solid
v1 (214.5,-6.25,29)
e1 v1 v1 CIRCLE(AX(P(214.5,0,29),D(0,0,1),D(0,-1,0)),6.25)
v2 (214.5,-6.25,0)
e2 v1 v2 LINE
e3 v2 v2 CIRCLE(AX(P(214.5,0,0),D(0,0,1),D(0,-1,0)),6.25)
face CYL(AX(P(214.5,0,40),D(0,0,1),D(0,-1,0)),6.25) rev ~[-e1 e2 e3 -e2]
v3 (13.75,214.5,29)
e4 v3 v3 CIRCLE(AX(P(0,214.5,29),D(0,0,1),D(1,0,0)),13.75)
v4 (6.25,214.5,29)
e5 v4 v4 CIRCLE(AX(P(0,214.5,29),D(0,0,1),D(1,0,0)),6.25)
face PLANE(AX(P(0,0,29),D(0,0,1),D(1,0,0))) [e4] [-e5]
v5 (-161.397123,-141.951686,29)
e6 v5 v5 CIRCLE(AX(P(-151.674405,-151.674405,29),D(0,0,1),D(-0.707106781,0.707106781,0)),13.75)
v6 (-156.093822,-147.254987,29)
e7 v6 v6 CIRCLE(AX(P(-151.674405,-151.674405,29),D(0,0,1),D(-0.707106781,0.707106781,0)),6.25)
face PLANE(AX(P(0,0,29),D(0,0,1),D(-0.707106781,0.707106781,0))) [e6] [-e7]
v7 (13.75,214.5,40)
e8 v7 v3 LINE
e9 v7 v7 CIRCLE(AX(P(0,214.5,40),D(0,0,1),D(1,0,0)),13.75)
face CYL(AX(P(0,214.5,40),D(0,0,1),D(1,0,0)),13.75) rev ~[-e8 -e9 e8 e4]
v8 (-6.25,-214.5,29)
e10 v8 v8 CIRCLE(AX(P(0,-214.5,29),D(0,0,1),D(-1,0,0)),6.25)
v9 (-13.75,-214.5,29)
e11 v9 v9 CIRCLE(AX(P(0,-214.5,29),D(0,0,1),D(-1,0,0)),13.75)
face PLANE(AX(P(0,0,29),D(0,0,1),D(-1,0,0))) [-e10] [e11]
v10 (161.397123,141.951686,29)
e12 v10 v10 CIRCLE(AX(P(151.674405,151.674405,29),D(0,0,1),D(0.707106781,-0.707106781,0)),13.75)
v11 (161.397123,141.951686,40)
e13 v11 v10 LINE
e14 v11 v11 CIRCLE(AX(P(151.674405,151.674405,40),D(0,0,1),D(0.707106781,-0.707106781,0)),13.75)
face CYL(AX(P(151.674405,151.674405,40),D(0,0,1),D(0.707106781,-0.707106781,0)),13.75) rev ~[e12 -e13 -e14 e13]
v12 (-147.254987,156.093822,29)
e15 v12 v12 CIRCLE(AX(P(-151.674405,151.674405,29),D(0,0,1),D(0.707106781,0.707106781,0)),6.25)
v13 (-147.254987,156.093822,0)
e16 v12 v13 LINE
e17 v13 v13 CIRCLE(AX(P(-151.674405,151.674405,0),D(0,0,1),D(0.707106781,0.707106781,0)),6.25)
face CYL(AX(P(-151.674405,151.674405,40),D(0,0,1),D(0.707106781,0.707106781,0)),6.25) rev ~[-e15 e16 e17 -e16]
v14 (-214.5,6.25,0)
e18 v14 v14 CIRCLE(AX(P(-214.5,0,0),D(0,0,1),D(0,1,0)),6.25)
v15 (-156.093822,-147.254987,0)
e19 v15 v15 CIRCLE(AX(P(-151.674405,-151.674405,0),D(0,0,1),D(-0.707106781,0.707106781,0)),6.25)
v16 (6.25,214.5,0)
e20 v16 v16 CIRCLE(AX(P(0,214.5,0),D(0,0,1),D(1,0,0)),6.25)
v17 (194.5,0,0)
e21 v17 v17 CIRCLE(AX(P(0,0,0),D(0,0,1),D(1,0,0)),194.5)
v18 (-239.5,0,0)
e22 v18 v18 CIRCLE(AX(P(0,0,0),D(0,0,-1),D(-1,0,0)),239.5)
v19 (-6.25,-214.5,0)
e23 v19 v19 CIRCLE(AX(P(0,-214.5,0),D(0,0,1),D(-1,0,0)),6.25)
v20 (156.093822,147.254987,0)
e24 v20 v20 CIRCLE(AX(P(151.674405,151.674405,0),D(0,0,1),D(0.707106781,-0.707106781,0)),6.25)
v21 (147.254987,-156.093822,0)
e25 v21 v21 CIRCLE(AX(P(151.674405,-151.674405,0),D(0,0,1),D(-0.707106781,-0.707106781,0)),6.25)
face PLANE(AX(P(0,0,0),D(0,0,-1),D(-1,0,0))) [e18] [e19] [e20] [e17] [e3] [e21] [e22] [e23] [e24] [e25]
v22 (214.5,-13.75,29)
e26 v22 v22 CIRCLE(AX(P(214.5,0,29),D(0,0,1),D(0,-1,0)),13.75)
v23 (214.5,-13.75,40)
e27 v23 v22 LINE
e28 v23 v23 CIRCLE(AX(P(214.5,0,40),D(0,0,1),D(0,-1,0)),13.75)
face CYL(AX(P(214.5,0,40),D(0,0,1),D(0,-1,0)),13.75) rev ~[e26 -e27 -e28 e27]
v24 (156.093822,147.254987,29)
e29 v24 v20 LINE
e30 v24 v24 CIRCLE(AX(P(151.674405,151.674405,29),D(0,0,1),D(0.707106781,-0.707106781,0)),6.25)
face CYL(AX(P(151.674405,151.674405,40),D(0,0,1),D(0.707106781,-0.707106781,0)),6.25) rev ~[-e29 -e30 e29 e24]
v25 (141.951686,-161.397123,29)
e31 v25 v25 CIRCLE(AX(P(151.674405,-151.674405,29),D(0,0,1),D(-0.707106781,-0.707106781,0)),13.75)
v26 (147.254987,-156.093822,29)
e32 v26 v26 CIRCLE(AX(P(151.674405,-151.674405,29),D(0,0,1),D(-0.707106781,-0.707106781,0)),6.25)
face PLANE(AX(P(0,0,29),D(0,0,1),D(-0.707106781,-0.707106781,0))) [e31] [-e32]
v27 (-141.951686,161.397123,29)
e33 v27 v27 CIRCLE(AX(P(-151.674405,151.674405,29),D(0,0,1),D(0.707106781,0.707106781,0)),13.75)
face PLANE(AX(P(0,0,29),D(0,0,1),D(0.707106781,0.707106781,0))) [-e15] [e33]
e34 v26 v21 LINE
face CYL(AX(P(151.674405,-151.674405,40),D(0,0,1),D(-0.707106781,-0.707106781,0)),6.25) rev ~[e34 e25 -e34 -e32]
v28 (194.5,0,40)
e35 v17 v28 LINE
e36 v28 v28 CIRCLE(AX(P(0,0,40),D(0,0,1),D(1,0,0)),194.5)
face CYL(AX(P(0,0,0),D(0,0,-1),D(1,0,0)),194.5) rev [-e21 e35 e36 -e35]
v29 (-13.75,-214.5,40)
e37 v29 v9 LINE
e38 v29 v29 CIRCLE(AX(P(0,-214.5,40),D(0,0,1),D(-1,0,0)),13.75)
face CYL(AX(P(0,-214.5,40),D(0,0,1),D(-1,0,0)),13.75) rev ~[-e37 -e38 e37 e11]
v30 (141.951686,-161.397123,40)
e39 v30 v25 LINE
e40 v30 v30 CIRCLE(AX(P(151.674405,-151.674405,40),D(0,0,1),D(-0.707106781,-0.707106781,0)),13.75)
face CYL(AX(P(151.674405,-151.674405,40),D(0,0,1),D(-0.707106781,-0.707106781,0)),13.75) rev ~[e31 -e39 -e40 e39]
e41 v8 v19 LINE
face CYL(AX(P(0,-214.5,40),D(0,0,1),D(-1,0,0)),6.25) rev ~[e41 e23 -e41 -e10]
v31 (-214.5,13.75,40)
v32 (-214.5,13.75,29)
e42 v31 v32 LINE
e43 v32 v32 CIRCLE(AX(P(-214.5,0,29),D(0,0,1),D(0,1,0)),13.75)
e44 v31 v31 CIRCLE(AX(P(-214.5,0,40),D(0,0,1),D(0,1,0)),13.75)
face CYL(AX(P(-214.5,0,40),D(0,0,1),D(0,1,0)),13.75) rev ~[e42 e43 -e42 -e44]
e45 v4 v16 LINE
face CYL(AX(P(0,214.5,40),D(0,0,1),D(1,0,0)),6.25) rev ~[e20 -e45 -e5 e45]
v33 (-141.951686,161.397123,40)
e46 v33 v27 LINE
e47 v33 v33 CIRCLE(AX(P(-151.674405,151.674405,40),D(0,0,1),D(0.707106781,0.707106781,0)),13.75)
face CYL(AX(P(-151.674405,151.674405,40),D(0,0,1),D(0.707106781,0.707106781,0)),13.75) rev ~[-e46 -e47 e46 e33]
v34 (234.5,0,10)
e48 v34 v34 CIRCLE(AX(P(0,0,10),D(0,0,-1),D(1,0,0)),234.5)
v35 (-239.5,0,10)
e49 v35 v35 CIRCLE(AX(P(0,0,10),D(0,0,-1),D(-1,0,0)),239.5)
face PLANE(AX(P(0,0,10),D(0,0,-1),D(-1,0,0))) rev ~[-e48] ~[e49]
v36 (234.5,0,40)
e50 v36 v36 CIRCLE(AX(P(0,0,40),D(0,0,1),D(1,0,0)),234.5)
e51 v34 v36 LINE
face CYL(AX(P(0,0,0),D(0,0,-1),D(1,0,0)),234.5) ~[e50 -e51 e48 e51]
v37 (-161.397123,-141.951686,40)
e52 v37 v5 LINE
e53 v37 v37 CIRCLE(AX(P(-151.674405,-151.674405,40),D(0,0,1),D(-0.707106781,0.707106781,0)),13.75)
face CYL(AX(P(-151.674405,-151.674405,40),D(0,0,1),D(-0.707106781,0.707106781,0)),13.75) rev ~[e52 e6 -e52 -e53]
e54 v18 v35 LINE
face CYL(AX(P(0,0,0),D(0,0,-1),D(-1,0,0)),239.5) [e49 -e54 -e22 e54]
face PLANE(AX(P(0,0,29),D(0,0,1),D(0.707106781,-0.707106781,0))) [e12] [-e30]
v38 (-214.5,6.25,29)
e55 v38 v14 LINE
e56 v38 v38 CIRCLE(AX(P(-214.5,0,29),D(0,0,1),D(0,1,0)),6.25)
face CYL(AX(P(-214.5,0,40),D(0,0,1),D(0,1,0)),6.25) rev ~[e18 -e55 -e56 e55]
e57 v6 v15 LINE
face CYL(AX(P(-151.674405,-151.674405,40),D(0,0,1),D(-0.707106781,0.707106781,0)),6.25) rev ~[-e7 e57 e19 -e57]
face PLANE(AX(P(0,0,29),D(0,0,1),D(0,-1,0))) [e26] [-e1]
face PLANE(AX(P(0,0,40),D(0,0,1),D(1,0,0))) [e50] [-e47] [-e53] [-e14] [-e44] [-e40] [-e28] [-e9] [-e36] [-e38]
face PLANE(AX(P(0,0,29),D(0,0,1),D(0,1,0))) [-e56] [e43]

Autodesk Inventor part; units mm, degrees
ref_plane "YZ Plane" through (0, 0, 0) normal (1, 0, 0) x (0, 1, 0)
ref_plane "XZ Plane" through (0, 0, 0) normal (0, 1, 0) x (-1, 0, 0)
ref_plane "XY Plane" through (0, 0, 0) normal (0, 0, 1) x (1, 0, 0)
sketch "Sketch1" plane through (0, 0, 0) normal (0, 0, 1) x (1, 0, 0)
  circle A0 centre (0, 0) radius 194.5
  circle A1 centre (0, 0) radius 234.5
  dimension "d0" = 40
  dimension "d1" = 389
extrude "Extrusion1" add sketch "Sketch1" along normal blind 40
sketch "Sketch2" plane through (0, 0, 40) normal (0, 0, 1) x (1, 0, 0)
  circle A0 centre (0, 0) radius 234.5 construction
  circle A1 centre (0, 0) radius 194.5 construction
  line L0 (0, 234.5) -> (0, 194.5) construction
  circle A2 centre (0, 214.5) radius 6.25
  dimension "d4" = 12.5
extrude "Extrusion2" cut sketch "Sketch2" against normal through all
sketch "Sketch3" plane through (0, 0, 40) normal (0, 0, 1) x (1, 0, 0)
  circle A0 centre (0, 214.5) radius 6.25 projected
  circle A1 centre (0, 214.5) radius 13.75
  point P0 (0, 0)
  dimension "d10" = 27.5
extrude "Extrusion3" cut sketch "Sketch3" against normal blind 11
pattern_circular "Circular Pattern1" count 8 over 360 about axis through (0, 0, 0) along (0, 0, 1) of "Extrusion2", "Extrusion3"
sketch "Sketch4" plane through (0, 0, 0) normal (0, 0, -1) x (-1, 0, 0)
  circle A0 centre (0, 0) radius 234.5 projected
  circle A1 centre (0, 0) radius 239.5
  dimension "d13" = 5
extrude "Extrusion4" add sketch "Sketch4" against normal blind 10
equation "\"d1\" = Вал_ось_диаметр_КОРМА"
equation "\"d2\" = Барабан_толщина_посад_кольца"
equation "\"Вал_ось_диаметр_КОРМА\" = 389"
equation "\"Барабан_толщина_посад_кольца\" = 40"
properties part number "ДМФ 01 32 Барабан Опорное кольцо КОРМА"
